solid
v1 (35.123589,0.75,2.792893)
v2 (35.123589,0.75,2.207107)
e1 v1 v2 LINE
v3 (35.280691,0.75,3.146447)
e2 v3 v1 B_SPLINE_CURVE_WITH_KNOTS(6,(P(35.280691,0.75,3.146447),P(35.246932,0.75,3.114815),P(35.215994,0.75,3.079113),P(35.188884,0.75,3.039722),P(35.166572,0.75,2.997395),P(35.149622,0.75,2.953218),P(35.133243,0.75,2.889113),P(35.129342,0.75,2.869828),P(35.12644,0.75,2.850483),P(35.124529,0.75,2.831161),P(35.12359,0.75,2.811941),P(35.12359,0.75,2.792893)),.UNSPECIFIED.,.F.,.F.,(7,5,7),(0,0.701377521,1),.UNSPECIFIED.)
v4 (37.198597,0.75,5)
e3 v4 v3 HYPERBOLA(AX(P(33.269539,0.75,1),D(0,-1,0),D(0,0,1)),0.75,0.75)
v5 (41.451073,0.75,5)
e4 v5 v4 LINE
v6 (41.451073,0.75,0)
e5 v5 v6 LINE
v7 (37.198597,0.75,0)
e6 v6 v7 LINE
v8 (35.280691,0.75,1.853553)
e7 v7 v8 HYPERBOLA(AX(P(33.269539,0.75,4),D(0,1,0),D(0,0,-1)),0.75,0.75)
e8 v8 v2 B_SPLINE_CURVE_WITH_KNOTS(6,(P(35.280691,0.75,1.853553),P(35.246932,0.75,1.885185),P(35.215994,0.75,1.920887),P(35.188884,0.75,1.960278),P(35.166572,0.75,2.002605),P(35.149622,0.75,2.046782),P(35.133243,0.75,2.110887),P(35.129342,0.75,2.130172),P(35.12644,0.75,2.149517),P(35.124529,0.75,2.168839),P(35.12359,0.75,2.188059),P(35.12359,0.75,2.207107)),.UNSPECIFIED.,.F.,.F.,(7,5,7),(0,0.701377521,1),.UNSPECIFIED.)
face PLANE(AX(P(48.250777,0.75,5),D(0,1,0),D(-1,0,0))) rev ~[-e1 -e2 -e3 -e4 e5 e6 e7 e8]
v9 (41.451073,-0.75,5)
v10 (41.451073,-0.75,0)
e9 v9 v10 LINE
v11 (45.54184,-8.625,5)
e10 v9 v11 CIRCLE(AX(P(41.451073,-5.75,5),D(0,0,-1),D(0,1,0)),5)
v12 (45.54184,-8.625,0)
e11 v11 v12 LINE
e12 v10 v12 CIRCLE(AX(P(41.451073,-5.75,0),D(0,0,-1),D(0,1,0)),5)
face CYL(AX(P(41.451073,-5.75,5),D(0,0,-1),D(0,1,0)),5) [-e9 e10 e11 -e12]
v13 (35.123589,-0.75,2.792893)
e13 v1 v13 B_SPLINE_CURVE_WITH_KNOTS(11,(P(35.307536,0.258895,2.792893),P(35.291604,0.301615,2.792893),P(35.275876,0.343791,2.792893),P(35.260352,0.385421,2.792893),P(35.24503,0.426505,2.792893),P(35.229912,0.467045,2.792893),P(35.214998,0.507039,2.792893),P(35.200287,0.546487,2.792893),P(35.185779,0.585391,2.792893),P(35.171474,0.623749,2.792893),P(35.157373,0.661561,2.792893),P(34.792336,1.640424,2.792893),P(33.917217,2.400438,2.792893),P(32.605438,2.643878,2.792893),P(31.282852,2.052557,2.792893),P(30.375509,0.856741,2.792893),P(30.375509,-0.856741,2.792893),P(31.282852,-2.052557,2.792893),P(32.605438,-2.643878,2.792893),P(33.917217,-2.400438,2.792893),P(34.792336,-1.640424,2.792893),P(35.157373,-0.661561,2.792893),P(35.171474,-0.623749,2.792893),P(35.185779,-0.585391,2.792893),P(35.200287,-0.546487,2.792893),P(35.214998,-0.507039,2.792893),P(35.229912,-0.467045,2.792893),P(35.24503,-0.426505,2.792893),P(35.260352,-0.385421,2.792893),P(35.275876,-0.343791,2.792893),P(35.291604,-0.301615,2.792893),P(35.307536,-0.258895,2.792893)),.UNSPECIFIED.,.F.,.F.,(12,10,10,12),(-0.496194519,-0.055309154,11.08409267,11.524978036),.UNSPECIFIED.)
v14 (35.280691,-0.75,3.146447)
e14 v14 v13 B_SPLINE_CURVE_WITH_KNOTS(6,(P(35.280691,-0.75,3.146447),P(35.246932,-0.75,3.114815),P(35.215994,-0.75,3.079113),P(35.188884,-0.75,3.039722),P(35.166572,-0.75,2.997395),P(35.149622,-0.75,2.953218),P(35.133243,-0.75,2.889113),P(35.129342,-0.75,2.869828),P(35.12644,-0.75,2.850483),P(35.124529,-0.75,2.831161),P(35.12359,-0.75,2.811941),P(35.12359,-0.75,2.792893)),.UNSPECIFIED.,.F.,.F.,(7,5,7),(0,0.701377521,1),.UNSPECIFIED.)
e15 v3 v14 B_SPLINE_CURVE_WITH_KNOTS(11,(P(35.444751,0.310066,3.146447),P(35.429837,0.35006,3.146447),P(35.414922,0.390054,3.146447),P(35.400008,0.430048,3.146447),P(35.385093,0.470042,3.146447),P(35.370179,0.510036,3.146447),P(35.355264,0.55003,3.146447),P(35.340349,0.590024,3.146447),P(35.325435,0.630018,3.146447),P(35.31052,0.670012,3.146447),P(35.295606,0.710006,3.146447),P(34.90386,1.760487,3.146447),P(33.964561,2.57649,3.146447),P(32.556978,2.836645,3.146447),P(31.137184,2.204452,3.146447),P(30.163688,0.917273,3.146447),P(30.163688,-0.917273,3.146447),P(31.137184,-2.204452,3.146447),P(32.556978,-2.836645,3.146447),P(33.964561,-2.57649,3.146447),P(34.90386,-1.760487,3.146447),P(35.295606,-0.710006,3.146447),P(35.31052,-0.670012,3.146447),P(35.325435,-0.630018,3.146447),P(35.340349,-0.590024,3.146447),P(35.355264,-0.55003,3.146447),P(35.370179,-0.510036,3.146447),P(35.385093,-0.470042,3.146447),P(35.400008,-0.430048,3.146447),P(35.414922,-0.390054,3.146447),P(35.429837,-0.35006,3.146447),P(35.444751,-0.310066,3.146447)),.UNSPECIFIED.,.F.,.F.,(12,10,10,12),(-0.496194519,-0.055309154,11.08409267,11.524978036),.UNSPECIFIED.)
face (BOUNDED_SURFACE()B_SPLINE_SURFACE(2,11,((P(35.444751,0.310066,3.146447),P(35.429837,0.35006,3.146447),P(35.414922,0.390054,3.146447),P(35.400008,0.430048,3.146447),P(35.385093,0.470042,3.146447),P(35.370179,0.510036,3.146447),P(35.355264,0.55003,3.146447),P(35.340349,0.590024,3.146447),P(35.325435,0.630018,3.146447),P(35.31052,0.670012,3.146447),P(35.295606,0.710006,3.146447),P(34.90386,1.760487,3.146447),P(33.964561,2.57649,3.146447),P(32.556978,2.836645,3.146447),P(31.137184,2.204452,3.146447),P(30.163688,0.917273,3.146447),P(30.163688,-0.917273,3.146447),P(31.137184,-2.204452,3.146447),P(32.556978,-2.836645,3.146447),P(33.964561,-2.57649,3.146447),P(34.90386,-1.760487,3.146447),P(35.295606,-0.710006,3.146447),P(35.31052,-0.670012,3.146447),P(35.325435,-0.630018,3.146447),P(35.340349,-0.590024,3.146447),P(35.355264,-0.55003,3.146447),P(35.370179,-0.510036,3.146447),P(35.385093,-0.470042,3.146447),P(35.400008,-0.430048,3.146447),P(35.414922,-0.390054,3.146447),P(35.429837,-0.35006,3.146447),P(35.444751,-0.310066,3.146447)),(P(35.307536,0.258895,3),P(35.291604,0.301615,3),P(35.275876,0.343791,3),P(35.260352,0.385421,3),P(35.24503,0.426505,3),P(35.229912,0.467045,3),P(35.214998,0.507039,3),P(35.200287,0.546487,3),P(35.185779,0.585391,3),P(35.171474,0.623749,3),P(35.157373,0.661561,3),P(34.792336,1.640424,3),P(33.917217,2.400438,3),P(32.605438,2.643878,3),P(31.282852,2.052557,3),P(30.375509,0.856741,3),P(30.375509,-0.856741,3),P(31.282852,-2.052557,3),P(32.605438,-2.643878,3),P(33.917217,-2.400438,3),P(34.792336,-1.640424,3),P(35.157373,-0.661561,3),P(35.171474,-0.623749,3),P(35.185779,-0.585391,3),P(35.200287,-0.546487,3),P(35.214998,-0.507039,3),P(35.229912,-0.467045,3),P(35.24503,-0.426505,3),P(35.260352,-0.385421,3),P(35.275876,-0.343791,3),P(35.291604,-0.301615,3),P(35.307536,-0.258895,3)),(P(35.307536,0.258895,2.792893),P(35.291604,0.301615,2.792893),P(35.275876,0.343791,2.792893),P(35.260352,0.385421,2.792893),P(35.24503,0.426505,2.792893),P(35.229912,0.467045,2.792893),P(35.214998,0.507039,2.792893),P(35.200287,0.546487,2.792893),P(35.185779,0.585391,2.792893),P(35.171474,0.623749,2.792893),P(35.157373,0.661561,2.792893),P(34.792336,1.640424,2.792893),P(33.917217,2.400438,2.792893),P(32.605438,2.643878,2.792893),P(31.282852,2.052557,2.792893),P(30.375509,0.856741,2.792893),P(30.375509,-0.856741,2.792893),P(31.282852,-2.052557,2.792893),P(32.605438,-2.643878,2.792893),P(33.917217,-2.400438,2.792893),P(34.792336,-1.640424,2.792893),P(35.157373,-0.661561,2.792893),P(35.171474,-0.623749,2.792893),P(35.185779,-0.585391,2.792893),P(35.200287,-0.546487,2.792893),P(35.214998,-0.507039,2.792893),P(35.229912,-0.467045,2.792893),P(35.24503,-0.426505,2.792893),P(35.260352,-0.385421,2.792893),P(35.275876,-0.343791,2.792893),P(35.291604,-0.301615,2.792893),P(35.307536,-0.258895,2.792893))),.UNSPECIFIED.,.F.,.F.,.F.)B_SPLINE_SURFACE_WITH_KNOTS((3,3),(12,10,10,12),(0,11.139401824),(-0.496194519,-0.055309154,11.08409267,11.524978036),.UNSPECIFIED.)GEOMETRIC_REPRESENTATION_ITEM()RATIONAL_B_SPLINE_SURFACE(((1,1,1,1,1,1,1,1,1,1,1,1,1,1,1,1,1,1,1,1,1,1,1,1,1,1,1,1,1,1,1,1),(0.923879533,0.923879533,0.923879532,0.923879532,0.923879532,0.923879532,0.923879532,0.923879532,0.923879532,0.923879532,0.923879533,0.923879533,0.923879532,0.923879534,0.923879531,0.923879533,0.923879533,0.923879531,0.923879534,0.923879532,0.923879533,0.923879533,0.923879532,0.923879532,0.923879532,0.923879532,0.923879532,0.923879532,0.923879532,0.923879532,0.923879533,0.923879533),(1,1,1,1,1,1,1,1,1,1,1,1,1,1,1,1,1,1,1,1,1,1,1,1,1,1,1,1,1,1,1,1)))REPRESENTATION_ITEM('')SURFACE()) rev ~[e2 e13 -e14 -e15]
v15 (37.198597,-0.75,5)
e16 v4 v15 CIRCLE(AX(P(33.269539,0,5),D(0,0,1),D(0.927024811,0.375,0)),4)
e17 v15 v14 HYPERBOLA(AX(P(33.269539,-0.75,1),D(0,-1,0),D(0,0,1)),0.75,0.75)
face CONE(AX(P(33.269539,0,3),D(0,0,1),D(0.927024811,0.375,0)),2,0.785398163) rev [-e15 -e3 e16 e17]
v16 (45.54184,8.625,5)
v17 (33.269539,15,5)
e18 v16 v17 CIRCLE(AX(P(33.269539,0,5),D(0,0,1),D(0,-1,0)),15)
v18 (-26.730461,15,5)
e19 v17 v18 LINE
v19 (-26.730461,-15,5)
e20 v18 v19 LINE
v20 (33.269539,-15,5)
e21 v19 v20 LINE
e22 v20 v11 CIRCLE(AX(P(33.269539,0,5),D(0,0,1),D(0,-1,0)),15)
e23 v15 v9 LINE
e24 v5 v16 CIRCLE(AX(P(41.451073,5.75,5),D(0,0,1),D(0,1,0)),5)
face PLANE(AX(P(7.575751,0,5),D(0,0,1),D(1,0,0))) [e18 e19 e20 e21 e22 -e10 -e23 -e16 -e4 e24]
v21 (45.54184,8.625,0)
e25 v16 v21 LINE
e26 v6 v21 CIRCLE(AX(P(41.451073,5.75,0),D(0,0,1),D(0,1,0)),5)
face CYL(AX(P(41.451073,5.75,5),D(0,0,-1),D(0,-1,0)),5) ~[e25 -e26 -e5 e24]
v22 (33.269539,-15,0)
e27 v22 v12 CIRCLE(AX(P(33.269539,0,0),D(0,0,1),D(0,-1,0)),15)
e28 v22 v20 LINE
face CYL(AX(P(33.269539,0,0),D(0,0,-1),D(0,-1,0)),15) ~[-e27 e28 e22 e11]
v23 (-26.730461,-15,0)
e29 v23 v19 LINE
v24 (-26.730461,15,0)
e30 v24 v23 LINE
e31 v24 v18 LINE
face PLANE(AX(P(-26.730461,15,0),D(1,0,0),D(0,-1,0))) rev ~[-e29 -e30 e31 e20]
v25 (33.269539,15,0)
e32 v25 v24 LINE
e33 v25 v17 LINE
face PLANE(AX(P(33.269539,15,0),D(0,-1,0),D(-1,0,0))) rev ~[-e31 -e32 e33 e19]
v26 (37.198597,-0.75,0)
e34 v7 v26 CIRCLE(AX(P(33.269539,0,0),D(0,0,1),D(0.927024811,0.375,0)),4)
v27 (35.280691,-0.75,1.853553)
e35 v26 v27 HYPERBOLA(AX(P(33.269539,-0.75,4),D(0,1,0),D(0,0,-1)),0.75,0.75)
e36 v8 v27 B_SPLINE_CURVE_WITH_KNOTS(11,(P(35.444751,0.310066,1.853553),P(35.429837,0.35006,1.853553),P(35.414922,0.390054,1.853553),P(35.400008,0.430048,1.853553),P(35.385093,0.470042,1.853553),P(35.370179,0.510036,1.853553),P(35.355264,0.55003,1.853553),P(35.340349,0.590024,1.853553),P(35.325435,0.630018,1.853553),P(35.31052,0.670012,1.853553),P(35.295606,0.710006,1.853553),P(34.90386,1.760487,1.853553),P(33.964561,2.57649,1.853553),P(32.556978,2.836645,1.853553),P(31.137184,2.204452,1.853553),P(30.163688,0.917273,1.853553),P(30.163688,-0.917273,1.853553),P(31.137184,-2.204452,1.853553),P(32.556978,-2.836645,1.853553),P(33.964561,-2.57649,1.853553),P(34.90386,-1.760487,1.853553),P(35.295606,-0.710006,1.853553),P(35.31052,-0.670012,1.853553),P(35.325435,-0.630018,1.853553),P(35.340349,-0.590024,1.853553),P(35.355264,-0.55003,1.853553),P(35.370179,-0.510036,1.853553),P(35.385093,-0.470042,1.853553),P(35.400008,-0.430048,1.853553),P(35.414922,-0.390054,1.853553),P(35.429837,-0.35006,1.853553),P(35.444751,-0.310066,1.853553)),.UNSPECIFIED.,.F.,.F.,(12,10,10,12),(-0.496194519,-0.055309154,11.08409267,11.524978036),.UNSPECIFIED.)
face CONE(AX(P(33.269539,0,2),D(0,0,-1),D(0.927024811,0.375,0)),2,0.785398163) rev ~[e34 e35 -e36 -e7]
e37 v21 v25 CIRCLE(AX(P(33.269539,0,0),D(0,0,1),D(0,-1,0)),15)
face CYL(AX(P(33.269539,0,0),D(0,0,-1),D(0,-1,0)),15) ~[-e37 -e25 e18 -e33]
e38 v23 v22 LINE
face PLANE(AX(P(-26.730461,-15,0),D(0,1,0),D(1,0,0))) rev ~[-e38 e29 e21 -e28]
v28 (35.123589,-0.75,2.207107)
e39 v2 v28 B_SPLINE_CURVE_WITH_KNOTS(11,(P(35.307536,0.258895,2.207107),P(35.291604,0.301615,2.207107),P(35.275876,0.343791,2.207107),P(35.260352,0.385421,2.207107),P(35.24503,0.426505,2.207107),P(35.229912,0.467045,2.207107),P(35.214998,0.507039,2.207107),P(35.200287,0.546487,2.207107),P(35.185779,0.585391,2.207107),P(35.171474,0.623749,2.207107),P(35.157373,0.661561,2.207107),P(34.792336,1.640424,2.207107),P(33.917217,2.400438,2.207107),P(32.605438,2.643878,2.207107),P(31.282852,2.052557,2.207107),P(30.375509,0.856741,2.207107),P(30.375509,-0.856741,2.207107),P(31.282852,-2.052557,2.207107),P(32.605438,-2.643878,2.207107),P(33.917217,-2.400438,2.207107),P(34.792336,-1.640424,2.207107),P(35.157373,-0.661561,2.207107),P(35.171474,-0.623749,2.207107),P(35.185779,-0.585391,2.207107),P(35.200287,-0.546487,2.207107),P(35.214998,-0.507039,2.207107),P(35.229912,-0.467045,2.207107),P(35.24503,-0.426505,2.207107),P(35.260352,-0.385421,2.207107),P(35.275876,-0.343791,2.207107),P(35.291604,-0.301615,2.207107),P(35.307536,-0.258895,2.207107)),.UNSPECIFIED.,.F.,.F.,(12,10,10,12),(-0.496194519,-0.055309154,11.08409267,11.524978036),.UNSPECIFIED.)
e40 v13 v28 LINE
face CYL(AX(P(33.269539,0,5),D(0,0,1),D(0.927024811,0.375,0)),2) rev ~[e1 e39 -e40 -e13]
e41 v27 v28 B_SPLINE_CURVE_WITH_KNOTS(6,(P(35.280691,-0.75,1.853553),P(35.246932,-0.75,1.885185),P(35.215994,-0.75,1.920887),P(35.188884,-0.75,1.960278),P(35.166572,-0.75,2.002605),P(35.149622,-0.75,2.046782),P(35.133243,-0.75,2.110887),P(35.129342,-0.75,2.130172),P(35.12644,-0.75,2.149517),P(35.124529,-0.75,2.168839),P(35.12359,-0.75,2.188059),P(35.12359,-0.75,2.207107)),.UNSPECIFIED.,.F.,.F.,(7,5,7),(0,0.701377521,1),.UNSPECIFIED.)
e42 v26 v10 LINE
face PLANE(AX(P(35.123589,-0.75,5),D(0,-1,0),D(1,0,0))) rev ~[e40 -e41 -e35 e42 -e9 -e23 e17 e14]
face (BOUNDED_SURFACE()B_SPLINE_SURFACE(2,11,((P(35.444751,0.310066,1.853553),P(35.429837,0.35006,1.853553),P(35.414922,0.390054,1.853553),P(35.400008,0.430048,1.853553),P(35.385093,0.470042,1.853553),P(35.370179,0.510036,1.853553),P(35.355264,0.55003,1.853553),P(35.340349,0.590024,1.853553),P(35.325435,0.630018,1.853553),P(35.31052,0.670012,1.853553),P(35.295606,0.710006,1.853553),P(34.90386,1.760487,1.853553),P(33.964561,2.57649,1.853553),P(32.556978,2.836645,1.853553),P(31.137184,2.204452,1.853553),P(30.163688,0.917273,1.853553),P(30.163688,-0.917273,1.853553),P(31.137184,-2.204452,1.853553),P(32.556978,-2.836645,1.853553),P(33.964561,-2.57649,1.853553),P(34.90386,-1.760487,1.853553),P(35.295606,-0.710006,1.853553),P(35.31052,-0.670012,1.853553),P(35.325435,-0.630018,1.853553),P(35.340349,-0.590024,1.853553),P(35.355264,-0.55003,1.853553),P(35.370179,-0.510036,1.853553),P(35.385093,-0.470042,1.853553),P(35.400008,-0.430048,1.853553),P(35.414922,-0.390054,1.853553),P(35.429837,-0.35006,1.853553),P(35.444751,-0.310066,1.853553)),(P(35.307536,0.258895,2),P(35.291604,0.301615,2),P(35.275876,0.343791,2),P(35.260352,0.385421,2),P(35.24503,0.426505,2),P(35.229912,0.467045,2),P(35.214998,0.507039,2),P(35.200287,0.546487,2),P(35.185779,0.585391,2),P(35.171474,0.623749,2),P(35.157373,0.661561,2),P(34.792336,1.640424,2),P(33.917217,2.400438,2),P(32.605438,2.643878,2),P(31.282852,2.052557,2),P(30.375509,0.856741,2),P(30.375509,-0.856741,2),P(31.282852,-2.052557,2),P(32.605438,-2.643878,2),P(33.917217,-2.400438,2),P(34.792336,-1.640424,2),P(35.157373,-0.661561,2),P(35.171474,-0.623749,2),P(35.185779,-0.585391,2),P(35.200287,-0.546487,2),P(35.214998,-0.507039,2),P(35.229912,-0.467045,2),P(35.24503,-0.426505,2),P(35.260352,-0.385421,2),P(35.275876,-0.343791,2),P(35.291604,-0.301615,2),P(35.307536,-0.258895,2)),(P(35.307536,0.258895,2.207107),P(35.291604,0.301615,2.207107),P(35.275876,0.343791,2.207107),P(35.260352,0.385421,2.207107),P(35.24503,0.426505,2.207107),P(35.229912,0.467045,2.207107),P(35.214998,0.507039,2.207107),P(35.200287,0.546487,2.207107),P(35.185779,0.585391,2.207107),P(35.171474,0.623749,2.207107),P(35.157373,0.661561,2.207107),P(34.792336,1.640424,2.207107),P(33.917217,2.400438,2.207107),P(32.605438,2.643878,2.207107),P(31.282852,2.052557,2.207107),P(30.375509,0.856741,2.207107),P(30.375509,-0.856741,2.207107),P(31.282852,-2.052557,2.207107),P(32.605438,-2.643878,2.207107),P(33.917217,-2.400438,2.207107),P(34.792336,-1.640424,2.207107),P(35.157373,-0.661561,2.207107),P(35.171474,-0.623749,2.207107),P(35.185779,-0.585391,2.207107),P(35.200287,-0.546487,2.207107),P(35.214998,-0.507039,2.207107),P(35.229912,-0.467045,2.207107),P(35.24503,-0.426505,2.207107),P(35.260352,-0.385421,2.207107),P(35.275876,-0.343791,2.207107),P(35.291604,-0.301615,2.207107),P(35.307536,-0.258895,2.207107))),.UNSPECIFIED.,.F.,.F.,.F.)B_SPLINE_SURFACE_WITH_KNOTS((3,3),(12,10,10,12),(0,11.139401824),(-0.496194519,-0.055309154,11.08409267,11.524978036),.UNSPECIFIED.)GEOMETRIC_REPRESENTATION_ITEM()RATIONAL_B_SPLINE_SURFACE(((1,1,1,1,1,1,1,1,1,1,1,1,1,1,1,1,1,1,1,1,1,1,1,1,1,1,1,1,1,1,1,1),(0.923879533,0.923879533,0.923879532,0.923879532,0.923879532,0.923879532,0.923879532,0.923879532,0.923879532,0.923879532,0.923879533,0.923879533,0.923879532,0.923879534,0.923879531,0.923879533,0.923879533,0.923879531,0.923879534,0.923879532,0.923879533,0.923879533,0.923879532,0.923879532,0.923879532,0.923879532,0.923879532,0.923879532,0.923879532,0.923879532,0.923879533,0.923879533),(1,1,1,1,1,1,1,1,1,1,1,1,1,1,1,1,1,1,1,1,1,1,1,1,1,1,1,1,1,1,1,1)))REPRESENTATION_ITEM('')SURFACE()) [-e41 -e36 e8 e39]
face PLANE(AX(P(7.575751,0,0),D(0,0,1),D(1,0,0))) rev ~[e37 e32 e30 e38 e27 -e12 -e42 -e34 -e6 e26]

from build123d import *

# Parameters (mm, degrees)
F1_DEPTH = 5
F3_DEPTH = 5.001
F4_SIZE  = 2
F5_R     = 0.5
F6_R     = 5


with BuildPart() as f1:
    # F0 (on Top) → F1 (new body)
    with BuildSketch(Plane.XY):
        with BuildLine():
            Line((-26.7304610461, 15), (-26.7304610461, 0))
            Line((-26.7304610461, 0), (-26.7304610461, -15))
            Line((-26.7304610461, -15), (33.2695389539, -15))
            ThreePointArc((33.2695389539, -15), (48.2695389539, 0), (33.2695389539, 15))
            Line((33.2695389539, 15), (-26.7304610461, 15))
        make_face()
    extrude(amount=F1_DEPTH)

    # F2 (on face) → F3 (cut, through all)
    with BuildSketch(Plane.XY.offset(5)):
        with BuildLine():
            Line((35.1235885757, -0.75), (48.2507772205, -0.75))
            ThreePointArc((48.2507772205, -0.75), (48.2695389539, 0), (48.2507772205, 0.75))
            Line((48.2507772205, 0.75), (35.1235885757, 0.75))
            ThreePointArc((35.1235885757, 0.75), (35.2327123089, 0.3820345249), (35.2695389539, 0))
            ThreePointArc((35.2695389539, 0), (35.2327123089, -0.3820345249), (35.1235885757, -0.75))
        make_face()
        with BuildLine():
            ThreePointArc((35.1235885757, 0.75), (31.2695389539, 0), (35.1235885757, -0.75))
            Line((35.1235885757, -0.75), (33.2695389539, -0.75))
            Line((33.2695389539, -0.75), (33.2695389539, 0.75))
            Line((33.2695389539, 0.75), (35.1235885757, 0.75))
        make_face()
        with BuildLine():
            Line((33.2695389539, -0.75), (35.1235885757, -0.75))
            ThreePointArc((35.1235885757, -0.75), (35.2327123089, -0.3820345249), (35.2695389539, 0))
            ThreePointArc((35.2695389539, 0), (35.2327123089, 0.3820345249), (35.1235885757, 0.75))
            Line((35.1235885757, 0.75), (33.2695389539, 0.75))
            Line((33.2695389539, 0.75), (33.2695389539, -0.75))
        make_face()
    extrude(amount=-F3_DEPTH, mode=Mode.SUBTRACT)

    # F4
    f4_edges = [f1.edges().sort_by_distance(p)[0] for p in [
        (31.269539, 0, 5),
        (31.269539, 0, 0),
    ]]
    chamfer(f4_edges, length=F4_SIZE)

    # F5
    f5_edges = [f1.edges().sort_by_distance(p)[0] for p in [
        (31.269539, 0, 3),
        (31.269539, 0, 2),
    ]]
    fillet(f5_edges, radius=F5_R)

    # F6
    f6_edges = [f1.edges().sort_by_distance(p)[0] for p in [
        (48.250777, 0.75, 2.5),
        (48.250777, -0.75, 2.5),
    ]]
    fillet(f6_edges, radius=F6_R)


solid = f1.part
